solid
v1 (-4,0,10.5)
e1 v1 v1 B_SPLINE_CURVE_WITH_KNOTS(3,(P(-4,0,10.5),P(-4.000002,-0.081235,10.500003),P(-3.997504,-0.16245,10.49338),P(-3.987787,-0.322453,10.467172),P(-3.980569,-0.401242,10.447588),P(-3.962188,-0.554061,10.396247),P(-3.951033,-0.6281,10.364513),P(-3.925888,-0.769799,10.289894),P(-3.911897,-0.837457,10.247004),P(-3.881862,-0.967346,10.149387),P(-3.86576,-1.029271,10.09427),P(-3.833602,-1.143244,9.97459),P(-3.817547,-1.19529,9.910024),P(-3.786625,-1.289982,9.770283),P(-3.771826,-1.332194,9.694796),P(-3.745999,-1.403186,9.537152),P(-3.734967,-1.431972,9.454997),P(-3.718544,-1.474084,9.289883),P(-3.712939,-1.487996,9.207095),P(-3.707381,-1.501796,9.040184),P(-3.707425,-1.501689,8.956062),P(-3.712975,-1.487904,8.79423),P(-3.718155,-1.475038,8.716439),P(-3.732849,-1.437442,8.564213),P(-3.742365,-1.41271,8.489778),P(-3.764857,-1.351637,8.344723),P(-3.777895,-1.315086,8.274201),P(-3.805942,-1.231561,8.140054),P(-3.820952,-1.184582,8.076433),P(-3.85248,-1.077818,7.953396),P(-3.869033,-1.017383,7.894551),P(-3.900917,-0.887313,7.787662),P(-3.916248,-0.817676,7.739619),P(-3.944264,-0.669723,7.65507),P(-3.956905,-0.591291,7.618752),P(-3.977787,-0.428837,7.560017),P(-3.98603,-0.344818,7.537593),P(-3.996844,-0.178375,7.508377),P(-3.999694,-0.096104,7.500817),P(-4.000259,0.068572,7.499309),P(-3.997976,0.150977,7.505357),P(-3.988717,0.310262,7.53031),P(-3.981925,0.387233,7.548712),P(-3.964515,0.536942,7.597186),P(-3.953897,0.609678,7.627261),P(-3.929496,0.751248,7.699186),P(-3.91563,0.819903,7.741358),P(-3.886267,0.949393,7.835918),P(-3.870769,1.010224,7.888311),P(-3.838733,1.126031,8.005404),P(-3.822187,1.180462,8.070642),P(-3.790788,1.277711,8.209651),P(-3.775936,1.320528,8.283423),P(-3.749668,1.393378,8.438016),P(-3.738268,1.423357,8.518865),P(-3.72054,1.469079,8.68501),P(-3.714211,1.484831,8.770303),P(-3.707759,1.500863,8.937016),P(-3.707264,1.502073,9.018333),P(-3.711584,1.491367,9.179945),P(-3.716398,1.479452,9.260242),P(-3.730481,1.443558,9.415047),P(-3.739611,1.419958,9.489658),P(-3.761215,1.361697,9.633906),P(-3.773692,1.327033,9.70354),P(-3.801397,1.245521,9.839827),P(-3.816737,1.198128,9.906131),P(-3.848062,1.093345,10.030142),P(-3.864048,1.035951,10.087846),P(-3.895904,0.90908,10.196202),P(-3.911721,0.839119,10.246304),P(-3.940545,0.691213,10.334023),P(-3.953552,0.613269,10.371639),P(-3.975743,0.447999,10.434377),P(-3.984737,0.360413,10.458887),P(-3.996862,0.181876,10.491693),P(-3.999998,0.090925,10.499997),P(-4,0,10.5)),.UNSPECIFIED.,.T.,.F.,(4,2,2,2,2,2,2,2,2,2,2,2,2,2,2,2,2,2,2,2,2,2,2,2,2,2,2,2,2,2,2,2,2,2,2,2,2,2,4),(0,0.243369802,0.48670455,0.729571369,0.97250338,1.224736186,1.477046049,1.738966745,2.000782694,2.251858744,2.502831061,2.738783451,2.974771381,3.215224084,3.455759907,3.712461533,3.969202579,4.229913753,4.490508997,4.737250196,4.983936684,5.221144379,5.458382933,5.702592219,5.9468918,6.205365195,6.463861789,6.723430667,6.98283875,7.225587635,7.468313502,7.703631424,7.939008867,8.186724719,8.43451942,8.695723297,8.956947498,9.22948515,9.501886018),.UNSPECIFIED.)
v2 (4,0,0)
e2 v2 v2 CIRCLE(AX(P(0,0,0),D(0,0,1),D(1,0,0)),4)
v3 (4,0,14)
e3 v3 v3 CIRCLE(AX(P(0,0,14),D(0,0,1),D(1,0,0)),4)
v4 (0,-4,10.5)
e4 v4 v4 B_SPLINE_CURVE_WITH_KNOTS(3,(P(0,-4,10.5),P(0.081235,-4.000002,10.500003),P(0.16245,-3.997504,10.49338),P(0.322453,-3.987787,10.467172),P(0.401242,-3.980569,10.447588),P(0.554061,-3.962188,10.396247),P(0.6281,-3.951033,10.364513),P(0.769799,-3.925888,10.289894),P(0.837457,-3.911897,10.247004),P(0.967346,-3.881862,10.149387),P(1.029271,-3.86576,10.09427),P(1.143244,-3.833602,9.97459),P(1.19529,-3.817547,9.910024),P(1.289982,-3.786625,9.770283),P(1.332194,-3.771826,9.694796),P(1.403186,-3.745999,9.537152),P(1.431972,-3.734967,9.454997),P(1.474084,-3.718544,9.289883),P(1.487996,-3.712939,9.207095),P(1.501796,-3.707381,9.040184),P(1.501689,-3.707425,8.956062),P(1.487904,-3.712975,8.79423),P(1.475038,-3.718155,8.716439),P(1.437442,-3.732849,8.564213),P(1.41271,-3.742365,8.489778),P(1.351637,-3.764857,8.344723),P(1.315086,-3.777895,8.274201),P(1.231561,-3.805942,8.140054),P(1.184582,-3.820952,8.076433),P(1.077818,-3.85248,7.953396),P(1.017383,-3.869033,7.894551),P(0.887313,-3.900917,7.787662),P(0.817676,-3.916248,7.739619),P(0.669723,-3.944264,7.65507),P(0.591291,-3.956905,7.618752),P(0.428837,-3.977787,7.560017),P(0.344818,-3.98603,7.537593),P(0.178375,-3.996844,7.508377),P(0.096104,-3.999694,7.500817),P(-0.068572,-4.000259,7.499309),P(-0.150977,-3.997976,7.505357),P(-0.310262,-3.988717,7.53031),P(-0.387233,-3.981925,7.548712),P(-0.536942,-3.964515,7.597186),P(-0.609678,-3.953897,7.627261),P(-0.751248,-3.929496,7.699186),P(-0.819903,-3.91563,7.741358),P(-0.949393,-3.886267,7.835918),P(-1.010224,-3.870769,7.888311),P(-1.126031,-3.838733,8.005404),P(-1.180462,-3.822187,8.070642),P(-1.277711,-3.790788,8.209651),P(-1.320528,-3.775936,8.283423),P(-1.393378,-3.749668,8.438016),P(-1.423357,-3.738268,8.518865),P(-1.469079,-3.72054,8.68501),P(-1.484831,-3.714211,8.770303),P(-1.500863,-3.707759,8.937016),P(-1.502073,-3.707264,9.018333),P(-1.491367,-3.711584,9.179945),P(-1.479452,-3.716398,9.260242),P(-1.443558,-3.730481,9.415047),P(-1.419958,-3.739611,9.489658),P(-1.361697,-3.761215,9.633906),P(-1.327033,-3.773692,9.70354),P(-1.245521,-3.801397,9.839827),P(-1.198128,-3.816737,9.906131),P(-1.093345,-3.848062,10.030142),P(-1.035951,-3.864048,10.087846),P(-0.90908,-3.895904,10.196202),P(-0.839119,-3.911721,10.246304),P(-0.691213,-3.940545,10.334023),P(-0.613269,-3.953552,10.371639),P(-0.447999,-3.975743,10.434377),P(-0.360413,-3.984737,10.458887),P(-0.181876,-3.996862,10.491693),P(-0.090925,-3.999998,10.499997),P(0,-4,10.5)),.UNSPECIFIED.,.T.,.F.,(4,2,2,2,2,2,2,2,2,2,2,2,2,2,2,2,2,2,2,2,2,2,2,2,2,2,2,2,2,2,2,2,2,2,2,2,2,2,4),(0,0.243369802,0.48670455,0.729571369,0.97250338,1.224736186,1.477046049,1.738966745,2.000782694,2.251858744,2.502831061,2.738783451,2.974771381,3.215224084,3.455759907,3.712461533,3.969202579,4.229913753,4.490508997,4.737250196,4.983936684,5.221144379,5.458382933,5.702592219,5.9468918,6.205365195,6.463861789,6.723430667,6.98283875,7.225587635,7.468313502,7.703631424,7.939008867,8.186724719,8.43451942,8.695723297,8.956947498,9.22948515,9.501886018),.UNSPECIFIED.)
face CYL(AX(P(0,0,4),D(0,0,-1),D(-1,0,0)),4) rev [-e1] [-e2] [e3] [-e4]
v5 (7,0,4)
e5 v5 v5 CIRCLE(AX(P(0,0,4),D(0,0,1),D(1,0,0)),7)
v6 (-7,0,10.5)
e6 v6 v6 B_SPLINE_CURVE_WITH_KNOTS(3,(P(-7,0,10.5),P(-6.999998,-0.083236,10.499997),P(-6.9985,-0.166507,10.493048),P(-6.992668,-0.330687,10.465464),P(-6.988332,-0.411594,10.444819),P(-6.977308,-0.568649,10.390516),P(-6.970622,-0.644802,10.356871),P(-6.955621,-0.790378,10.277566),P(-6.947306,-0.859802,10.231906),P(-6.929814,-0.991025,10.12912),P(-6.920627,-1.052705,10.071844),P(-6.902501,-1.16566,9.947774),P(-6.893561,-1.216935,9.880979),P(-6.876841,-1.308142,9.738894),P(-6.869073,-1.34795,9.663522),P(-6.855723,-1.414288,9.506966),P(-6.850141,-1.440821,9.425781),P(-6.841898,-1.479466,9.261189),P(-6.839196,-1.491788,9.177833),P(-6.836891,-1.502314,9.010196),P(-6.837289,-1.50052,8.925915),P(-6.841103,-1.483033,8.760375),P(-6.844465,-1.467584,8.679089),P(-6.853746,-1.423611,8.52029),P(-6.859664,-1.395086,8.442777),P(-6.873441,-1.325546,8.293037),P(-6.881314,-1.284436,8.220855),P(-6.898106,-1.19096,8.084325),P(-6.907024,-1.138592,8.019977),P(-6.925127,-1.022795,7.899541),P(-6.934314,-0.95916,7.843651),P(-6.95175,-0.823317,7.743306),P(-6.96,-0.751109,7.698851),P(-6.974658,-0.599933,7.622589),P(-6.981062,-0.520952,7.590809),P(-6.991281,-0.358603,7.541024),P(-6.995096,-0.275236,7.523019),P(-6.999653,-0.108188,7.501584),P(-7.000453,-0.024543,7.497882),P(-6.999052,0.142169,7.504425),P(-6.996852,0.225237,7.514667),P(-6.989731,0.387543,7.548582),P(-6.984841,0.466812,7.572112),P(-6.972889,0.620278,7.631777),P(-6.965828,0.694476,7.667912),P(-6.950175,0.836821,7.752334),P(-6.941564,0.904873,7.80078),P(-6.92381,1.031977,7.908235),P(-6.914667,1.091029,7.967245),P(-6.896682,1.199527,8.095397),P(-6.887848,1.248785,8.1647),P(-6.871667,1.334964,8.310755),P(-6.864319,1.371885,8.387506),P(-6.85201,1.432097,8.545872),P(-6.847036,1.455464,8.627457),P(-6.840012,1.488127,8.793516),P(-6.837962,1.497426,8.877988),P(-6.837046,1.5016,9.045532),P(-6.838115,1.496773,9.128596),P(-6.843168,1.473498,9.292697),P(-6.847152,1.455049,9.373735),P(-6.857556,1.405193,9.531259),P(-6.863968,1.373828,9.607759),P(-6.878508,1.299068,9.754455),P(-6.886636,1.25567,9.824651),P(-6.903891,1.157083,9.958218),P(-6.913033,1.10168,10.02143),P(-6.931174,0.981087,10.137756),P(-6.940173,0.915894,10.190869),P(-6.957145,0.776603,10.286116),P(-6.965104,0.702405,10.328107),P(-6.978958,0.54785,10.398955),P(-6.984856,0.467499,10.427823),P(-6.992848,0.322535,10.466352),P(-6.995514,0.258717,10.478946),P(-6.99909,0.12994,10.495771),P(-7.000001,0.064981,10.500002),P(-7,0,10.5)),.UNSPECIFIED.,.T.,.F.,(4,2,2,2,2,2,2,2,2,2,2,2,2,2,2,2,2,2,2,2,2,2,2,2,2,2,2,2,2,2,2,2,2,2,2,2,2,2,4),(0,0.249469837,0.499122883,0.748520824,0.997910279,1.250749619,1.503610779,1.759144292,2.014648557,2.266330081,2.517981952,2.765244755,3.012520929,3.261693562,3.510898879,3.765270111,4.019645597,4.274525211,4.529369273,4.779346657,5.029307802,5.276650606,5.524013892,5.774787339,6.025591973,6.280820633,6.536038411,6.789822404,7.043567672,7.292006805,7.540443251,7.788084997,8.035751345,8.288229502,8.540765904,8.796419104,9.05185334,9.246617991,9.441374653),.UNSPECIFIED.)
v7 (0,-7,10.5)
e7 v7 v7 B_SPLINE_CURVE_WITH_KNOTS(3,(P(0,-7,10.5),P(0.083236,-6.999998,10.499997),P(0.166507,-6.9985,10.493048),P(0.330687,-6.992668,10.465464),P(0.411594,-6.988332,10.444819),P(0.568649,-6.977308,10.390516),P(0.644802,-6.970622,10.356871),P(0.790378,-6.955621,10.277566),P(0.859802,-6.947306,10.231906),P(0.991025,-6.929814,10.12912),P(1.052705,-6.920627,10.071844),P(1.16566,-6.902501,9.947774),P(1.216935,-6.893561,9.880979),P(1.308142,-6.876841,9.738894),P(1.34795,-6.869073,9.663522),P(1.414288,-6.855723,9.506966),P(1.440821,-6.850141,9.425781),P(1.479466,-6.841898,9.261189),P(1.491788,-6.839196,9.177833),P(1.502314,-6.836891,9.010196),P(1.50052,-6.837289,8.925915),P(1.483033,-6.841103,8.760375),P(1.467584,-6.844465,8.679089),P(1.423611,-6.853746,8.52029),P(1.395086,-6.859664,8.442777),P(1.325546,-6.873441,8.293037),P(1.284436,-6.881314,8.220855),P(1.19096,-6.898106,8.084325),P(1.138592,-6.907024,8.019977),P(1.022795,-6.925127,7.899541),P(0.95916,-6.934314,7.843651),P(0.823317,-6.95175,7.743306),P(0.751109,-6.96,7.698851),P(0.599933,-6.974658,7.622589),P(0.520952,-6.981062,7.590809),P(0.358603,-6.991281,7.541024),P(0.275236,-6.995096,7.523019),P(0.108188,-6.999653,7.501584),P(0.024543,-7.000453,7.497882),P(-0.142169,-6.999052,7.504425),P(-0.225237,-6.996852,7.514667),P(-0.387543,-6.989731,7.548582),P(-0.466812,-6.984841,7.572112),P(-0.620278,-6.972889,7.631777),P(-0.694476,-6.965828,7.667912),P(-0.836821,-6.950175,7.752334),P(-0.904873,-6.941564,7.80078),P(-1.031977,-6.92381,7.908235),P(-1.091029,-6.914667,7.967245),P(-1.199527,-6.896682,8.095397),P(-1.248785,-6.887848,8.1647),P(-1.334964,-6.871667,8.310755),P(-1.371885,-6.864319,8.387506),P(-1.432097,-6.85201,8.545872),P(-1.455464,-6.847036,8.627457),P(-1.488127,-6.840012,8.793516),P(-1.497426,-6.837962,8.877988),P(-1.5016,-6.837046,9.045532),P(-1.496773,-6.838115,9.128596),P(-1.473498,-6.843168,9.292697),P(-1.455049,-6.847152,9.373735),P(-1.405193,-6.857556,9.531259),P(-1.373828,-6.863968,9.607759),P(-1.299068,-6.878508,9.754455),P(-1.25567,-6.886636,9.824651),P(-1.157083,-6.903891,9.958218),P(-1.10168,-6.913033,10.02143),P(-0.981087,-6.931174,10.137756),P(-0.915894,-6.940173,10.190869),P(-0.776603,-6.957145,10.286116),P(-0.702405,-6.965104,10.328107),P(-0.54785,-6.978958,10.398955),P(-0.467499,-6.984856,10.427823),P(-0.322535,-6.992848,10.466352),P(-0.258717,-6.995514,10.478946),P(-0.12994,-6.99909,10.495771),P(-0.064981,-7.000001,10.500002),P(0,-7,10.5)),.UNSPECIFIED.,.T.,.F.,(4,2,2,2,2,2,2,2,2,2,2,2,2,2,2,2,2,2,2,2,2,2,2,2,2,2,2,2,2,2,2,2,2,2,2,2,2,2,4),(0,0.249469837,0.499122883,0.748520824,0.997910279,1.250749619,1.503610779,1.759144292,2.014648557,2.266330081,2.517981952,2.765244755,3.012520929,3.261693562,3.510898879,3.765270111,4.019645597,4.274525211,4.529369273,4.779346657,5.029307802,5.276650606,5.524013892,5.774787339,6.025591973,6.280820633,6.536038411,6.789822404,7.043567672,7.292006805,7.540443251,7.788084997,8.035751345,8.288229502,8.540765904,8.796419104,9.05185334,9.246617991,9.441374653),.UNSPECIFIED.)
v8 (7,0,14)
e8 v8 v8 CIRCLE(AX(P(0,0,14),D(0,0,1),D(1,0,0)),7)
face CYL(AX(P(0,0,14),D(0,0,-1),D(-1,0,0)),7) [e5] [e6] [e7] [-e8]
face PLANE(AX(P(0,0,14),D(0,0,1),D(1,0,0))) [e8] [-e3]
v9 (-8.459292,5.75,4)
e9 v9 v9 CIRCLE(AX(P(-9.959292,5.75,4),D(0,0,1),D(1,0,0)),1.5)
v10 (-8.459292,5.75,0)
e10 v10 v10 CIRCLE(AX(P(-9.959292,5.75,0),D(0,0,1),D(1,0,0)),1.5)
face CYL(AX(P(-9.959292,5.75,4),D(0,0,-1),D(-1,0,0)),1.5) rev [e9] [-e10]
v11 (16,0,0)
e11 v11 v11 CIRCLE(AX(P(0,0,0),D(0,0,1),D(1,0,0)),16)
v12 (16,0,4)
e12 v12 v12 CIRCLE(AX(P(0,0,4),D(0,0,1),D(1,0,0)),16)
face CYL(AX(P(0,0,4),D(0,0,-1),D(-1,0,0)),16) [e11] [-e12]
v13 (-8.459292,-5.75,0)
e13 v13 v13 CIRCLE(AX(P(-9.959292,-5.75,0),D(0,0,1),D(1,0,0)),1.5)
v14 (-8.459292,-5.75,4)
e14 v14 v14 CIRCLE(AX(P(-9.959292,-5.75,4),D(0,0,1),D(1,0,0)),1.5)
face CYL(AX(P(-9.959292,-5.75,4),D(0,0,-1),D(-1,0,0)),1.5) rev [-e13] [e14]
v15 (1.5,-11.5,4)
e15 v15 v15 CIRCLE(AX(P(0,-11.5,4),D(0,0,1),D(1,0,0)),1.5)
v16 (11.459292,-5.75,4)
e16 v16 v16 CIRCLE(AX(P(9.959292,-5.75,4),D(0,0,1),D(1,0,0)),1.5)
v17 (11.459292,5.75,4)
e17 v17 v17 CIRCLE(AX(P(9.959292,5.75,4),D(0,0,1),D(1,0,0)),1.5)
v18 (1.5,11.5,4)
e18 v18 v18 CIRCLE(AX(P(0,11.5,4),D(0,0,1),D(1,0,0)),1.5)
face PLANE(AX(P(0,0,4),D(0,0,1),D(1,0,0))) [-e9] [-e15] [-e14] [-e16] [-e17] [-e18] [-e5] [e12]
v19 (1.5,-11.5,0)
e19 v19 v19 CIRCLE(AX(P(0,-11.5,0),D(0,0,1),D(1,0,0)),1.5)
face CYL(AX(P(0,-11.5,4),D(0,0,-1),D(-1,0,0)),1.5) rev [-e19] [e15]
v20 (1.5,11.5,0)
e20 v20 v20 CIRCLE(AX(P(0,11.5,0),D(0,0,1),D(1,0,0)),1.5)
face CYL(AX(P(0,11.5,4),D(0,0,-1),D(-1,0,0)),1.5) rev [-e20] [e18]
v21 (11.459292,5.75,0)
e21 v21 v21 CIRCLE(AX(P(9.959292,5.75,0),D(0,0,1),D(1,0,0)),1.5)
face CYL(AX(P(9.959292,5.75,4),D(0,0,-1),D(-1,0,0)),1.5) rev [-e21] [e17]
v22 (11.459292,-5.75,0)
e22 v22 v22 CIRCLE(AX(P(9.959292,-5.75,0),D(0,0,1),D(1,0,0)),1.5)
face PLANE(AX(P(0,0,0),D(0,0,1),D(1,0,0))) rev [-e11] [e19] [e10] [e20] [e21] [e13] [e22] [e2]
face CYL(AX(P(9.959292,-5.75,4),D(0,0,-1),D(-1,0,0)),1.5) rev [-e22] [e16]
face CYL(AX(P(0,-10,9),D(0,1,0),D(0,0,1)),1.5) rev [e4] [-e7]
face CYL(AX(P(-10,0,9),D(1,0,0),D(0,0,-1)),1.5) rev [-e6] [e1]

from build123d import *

# Parameters (mm, degrees)
SKETCH_1_R          = 16
SKETCH_1_R_2        = 4
SKETCH_1_R_3        = 1.5
EXTRUDE_1_DEPTH     = 4
SKETCH_2_R          = 7
SKETCH_2_R_2        = 4
EXTRUDE_2_DEPTH     = 10
SKETCH_3_R          = 1.5
CUT_EXTRUDE_1_DEPTH = 10
SKETCH_4_R          = 1.5
CUT_EXTRUDE_2_DEPTH = 10


with BuildPart() as part:
    # 草图1 → 凸台-拉伸1 (new body)
    with BuildSketch(Plane.XY):
        Circle(SKETCH_1_R)
        Circle(SKETCH_1_R_2, mode=Mode.SUBTRACT)
        with Locations((0, -11.5)):
            Circle(SKETCH_1_R_3, mode=Mode.SUBTRACT)
        with Locations((-9.959292144, -5.75)):
            Circle(SKETCH_1_R_3, mode=Mode.SUBTRACT)
        with Locations((-9.959292144, 5.75)):
            Circle(SKETCH_1_R_3, mode=Mode.SUBTRACT)
        with Locations((0, 11.5)):
            Circle(SKETCH_1_R_3, mode=Mode.SUBTRACT)
        with Locations((9.959292144, 5.75)):
            Circle(SKETCH_1_R_3, mode=Mode.SUBTRACT)
        with Locations((9.959292144, -5.75)):
            Circle(SKETCH_1_R_3, mode=Mode.SUBTRACT)
    extrude(amount=EXTRUDE_1_DEPTH)

    # 草图2 → 凸台-拉伸2 (add)
    with BuildSketch(Plane.XY.offset(4)):
        Circle(SKETCH_2_R)
        Circle(SKETCH_2_R_2, mode=Mode.SUBTRACT)
    extrude(amount=EXTRUDE_2_DEPTH)

    # 草图3 → 切除-拉伸1 (cut)
    with BuildSketch(Plane(origin=(0, 0, 0), x_dir=(1, 0, 0), z_dir=(0, 1, 0))):
        with Locations(Location((0, -9, 0), (0, 0, 270))):
            Circle(SKETCH_3_R)
    extrude(amount=-CUT_EXTRUDE_1_DEPTH, mode=Mode.SUBTRACT)

    # 草图4 → 切除-拉伸2 (cut)
    with BuildSketch(Plane(origin=(0, 0, 0), x_dir=(0, 0, -1), z_dir=(1, 0, 0))):
        with Locations(Location((-9, 0, 0), (0, 0, 180))):
            Circle(SKETCH_4_R)
    extrude(amount=-CUT_EXTRUDE_2_DEPTH, mode=Mode.SUBTRACT)


solid = part.part
